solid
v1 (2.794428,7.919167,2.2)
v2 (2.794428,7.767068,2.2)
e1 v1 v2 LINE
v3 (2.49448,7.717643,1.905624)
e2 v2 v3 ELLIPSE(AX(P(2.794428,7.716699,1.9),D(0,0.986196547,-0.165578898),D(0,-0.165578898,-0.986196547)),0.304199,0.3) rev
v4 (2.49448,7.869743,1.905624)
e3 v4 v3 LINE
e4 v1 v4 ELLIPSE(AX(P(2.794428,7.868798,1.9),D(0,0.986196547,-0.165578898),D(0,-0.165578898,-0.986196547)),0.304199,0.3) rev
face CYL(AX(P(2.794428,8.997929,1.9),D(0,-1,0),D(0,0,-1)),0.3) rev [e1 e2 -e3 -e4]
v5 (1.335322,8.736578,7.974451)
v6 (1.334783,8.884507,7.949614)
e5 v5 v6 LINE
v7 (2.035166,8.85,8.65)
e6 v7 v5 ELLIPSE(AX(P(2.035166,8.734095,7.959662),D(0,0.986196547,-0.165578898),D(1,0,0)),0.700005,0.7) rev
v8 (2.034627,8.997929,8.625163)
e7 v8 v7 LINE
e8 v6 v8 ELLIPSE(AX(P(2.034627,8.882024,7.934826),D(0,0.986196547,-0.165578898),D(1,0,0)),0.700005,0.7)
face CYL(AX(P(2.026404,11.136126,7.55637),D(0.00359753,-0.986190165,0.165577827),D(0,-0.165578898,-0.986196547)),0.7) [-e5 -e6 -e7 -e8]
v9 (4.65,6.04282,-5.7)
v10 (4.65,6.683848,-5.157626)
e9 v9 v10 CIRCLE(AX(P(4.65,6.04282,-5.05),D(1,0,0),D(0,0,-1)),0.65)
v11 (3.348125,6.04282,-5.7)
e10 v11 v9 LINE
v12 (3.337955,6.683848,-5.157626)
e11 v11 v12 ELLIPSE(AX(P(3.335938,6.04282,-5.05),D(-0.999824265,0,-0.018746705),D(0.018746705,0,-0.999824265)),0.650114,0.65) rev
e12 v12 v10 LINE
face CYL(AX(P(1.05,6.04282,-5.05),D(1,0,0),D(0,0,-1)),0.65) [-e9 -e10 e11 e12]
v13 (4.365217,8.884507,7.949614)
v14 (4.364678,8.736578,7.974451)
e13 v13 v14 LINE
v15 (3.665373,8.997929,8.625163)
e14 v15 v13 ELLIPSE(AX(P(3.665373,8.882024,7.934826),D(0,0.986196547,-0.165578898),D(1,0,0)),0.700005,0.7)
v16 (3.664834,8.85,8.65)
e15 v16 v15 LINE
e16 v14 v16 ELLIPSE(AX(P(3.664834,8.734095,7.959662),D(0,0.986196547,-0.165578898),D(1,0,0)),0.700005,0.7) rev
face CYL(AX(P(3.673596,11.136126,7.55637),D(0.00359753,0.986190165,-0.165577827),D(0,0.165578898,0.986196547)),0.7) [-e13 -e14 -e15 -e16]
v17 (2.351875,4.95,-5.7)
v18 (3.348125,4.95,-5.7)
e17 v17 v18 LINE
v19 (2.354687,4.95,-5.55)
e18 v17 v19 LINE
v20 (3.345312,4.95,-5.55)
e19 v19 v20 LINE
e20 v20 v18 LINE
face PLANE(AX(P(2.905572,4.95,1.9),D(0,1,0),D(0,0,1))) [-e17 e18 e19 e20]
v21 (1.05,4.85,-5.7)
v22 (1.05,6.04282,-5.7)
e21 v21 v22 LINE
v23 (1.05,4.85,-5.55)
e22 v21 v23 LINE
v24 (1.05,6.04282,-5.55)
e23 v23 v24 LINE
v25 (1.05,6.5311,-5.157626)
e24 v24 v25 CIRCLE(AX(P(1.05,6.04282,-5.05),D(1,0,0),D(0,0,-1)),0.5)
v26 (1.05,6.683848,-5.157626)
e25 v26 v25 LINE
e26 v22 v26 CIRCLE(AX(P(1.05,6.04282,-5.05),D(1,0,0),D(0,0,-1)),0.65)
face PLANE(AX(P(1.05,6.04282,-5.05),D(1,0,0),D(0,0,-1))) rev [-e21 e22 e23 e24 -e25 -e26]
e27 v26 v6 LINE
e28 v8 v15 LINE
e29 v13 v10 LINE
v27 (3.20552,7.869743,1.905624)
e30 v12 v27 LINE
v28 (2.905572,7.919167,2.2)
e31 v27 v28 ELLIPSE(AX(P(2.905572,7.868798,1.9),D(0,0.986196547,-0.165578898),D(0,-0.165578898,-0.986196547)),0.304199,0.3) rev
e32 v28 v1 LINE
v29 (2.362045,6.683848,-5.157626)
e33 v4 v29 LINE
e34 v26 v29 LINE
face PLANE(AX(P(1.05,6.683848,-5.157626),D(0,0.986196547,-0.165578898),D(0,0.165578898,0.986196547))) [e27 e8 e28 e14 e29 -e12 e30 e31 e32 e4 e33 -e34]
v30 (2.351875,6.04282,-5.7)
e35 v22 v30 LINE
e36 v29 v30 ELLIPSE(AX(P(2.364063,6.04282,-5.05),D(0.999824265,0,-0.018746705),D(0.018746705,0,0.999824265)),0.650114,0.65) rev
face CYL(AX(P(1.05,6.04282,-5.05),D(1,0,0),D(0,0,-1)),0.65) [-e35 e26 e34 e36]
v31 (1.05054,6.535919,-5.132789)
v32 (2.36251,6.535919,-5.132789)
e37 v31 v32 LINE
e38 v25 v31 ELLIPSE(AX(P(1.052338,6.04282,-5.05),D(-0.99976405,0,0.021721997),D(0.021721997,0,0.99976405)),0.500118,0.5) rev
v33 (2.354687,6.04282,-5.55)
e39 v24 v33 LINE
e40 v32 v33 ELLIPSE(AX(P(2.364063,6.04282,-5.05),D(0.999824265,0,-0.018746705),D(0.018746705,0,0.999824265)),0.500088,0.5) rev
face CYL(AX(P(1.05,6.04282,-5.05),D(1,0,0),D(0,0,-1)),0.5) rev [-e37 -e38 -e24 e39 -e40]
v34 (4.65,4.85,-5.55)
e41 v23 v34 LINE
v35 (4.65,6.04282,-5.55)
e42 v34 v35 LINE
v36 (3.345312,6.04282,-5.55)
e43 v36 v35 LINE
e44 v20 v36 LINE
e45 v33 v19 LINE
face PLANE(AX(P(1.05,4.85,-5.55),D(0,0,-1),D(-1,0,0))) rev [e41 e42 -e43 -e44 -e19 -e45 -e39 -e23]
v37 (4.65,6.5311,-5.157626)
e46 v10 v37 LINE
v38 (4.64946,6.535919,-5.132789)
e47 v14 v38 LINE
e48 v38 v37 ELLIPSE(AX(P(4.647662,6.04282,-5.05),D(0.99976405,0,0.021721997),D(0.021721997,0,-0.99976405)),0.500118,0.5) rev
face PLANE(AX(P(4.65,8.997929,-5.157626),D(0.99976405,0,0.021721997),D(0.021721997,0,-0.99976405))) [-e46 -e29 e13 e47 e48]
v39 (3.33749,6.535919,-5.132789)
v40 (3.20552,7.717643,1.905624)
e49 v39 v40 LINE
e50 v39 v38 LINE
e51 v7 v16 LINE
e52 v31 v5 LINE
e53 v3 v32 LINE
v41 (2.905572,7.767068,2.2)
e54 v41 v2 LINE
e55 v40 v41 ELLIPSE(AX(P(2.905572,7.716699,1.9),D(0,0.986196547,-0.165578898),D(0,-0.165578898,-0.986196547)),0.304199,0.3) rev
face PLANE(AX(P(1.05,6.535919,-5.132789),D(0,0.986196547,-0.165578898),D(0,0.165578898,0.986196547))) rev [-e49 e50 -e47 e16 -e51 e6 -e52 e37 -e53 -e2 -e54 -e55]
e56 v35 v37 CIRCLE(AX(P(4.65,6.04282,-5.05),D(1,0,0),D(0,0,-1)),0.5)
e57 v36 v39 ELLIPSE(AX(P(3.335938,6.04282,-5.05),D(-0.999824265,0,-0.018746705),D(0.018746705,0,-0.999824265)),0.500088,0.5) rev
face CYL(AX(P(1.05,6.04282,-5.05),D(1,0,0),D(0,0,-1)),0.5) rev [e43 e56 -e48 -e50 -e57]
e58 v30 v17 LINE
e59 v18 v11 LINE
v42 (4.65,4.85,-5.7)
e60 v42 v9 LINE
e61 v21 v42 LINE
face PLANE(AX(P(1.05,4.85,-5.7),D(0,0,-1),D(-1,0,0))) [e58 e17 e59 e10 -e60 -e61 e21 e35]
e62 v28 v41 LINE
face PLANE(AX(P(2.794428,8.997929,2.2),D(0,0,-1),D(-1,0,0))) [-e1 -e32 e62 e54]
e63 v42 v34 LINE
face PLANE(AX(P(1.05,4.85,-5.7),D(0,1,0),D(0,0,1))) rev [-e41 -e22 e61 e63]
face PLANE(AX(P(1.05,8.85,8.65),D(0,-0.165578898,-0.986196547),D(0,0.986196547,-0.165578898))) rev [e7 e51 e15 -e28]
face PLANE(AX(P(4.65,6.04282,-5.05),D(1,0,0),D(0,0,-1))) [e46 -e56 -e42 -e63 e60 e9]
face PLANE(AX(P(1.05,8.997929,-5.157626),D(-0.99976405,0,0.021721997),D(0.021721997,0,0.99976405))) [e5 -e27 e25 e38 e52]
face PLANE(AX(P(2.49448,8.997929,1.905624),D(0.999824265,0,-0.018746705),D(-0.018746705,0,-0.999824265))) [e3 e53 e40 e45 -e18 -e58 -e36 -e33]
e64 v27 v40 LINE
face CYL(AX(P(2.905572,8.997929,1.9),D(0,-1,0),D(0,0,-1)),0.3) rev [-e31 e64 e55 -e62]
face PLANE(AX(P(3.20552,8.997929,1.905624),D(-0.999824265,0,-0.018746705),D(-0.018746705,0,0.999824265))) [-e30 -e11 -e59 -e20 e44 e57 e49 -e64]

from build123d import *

# Parameters (mm, degrees)
SHORT_LEVER_DEPTH      = 1.8
SHORT_LEVER_DEPTH_BACK = 1.8
LEVER_CUT_DEPTH        = 4.04793
FILLET_1_R             = 0.7


with BuildPart() as part:
    # Short → Short_Lever (new, two sides: drawn at the far end of the back side and taken through both)
    with BuildSketch(Plane(origin=(2.85, 0, 0), x_dir=(0, 0, -1), z_dir=(1, 0, 0)).offset(-SHORT_LEVER_DEPTH_BACK)):
        with BuildLine():
            Line((5.55, 4.85), (5.55, 6.042820323))
            ThreePointArc((5.55, 6.042820323), (5.431703238, 6.365779512), (5.132789449, 6.535918596))
            Line((5.132789449, 6.535918596), (-8.65, 8.85))
            Line((-8.65, 8.85), (-8.625163165, 8.997929482))
            Line((-8.625163165, 8.997929482), (5.157626284, 6.683848078))
            ThreePointArc((5.157626284, 6.683848078), (5.54621421, 6.462667269), (5.7, 6.042820323))
            Line((5.7, 6.042820323), (5.7, 4.85))
            Line((5.7, 4.85), (5.55, 4.85))
        make_face()
    extrude(amount=SHORT_LEVER_DEPTH + SHORT_LEVER_DEPTH_BACK)

    # Эскиз2 → Lever_Cut (cut)
    with BuildSketch(Plane(origin=(0, 4.95, 0), x_dir=(1, 0, 0), z_dir=(0, 1, 0))):
        Polygon((1.05, 5.157626284), (1.35, -8.65), (1.05, -8.65), align=None)
        Polygon((4.65, 5.157626284), (4.65, -8.65), (4.35, -8.65), align=None)
        with BuildLine():
            Line((2.35, 5.8), (3.35, 5.8))
            Line((3.35, 5.8), (3.20551955, -1.905624011))
            ThreePointArc((3.20551955, -1.905624011), (3.115706509, -2.11411119), (2.90557227, -2.2))
            Line((2.90557227, -2.2), (2.79442773, -2.2))
            ThreePointArc((2.79442773, -2.2), (2.584293491, -2.11411119), (2.49448045, -1.905624011))
            Line((2.49448045, -1.905624011), (2.35, 5.8))
        make_face()
    extrude(amount=LEVER_CUT_DEPTH, mode=Mode.SUBTRACT)

    # Скругление1
    fillet_1_edges = [part.edges().sort_by_distance(p)[0] for p in [
        (1.349730184, 8.923964741, 8.637581583),
        (4.350269816, 8.923964741, 8.637581583),
    ]]
    fillet(fillet_1_edges, radius=FILLET_1_R)


solid = part.part
